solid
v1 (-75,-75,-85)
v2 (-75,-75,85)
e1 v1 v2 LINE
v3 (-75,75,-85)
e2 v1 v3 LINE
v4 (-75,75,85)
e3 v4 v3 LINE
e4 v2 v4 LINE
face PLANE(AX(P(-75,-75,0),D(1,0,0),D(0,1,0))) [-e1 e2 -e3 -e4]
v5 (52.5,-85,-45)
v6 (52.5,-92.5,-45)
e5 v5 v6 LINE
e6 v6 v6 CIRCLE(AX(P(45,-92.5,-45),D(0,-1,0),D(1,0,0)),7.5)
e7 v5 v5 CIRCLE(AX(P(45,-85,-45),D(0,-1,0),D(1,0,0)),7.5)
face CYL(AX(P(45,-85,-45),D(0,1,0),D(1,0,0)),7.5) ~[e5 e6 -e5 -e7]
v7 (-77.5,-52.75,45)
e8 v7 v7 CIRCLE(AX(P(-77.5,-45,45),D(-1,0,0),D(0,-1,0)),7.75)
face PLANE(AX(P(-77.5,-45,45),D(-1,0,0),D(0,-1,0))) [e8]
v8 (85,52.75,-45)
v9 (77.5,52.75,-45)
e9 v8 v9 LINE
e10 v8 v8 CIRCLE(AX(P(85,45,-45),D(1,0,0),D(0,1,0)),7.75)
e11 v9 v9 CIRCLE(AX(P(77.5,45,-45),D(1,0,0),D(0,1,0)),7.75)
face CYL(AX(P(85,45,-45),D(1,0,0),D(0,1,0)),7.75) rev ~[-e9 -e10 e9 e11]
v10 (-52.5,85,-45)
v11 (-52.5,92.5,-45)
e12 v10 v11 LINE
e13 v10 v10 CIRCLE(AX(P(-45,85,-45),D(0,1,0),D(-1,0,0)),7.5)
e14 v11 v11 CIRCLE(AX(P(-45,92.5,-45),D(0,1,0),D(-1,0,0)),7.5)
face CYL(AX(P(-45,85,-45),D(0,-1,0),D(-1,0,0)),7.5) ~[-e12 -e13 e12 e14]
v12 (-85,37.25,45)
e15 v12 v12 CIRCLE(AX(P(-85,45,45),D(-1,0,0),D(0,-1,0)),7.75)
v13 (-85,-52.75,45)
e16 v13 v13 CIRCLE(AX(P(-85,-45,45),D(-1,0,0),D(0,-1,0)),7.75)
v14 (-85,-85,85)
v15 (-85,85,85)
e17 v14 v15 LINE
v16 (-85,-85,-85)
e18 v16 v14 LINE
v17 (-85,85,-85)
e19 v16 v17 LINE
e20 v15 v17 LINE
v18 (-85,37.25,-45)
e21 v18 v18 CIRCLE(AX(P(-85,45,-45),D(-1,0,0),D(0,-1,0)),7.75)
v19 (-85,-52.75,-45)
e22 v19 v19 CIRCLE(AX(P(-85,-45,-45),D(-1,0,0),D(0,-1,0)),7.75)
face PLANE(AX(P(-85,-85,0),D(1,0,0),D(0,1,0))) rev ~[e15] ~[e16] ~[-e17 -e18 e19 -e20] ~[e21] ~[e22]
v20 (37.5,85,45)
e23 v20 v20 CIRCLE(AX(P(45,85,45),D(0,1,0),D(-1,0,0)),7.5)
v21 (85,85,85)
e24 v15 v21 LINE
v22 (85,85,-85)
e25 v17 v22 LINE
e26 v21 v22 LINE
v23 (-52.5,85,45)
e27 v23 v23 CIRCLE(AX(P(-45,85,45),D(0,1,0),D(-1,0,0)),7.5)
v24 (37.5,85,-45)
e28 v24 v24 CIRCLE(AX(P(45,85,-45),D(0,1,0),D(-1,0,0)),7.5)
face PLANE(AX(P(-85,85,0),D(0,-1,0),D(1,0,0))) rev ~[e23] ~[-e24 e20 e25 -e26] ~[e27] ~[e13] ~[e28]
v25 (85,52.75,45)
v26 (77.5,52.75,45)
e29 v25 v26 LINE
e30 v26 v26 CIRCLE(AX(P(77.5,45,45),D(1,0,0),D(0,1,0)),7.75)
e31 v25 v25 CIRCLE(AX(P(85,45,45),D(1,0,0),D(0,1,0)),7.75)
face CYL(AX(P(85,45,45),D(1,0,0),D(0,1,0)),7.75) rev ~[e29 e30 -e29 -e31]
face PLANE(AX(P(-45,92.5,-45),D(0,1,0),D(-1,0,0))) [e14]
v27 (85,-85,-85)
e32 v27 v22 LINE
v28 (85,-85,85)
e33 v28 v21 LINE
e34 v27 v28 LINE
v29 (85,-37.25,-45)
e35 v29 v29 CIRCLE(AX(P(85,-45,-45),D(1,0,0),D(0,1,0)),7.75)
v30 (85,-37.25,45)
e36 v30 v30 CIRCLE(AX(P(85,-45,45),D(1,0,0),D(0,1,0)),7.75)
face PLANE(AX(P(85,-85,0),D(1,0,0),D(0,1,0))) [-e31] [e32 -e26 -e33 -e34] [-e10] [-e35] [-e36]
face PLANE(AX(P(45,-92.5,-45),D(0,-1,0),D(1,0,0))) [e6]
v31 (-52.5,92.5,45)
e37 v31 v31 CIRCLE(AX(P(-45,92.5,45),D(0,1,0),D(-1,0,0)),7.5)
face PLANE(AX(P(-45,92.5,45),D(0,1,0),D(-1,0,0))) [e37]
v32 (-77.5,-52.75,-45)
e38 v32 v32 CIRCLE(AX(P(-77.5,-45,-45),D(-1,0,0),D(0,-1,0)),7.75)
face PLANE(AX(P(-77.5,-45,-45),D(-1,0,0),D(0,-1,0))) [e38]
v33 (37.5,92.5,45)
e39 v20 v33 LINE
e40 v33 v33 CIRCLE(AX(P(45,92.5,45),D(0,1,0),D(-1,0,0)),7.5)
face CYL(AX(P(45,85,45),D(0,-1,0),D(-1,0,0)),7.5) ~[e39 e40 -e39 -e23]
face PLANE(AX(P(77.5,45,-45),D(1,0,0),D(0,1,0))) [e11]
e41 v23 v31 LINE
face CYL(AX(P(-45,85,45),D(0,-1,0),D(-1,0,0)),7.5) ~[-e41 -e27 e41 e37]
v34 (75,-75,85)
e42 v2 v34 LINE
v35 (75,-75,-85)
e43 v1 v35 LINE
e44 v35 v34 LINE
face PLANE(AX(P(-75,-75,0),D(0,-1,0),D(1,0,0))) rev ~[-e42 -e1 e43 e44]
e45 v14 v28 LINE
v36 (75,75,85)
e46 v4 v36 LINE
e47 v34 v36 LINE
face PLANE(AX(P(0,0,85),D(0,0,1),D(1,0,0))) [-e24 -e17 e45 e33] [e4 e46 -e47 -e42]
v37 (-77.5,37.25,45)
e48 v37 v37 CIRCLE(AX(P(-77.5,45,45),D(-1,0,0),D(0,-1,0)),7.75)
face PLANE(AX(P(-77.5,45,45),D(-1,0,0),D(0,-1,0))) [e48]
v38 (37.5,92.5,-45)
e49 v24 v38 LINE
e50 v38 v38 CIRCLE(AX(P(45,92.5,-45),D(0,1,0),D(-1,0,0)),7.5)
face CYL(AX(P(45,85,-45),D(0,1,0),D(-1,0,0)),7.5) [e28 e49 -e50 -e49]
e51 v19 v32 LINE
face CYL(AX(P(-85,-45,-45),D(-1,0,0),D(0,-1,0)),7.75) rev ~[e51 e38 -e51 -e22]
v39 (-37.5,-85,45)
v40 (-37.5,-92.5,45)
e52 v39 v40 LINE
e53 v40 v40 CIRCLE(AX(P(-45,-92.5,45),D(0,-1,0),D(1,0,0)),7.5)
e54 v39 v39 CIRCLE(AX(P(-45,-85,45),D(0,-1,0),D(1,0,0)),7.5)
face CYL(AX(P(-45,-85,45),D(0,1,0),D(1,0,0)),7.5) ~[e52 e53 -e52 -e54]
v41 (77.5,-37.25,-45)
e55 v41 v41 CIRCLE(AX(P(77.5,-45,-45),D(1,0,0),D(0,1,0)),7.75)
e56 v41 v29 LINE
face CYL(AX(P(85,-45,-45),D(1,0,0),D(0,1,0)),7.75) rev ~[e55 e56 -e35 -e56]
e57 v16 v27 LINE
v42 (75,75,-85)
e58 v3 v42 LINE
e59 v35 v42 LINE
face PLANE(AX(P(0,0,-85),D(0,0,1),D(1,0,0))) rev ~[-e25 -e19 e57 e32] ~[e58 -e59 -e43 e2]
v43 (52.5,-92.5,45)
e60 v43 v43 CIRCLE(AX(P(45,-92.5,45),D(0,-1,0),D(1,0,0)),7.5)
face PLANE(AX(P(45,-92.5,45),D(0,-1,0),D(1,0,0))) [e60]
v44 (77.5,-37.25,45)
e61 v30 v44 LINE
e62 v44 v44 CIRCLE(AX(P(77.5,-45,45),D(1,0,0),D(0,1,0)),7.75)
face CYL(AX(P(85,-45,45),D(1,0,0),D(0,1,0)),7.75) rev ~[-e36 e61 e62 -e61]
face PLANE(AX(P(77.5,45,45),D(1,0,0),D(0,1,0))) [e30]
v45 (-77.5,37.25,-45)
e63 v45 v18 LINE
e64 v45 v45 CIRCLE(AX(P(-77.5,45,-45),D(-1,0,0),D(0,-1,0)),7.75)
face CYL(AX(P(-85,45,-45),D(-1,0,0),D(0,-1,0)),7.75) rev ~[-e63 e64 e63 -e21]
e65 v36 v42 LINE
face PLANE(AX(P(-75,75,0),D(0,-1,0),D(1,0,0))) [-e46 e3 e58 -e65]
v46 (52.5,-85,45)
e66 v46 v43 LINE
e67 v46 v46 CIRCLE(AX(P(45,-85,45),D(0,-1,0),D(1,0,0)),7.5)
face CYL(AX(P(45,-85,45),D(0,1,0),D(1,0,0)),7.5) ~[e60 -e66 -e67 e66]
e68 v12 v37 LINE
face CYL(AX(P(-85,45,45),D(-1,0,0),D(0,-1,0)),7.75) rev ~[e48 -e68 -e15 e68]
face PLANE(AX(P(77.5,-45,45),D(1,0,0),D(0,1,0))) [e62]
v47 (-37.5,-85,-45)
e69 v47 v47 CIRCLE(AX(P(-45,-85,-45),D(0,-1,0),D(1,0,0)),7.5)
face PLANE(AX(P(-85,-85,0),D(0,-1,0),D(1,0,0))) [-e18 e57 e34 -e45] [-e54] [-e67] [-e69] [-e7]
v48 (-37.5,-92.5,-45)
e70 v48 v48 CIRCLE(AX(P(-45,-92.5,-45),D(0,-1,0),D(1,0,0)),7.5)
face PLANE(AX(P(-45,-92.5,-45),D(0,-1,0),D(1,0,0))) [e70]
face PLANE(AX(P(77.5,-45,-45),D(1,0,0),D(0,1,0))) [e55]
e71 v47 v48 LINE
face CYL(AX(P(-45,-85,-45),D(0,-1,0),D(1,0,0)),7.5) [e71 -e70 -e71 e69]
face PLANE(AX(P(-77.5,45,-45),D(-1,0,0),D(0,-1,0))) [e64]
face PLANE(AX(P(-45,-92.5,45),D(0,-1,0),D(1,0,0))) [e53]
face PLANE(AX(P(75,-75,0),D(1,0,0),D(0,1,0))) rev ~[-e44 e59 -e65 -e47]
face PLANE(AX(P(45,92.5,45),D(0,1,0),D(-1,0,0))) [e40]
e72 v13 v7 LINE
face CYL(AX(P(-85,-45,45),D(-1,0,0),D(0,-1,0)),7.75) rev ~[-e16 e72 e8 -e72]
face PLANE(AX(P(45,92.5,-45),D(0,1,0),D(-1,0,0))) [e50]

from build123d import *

# Parameters (mm, degrees)
F0_W      = 170
F0_H      = 170
F1_DEPTH  = 85
F2_W      = 150
F2_H      = 150
F3_DEPTH  = 85
F7_R      = 7.5
F8_DEPTH  = 7.5
F6_R      = 7.5
F9_DEPTH  = 7.5
F5_R      = 7.75
F10_DEPTH = 7.5
F4_R      = 7.75
F11_DEPTH = 7.5


with BuildPart() as f1:
    # F0 (on Top) → F1 (new body, symmetric)
    with BuildSketch(Plane.XY):
        Rectangle(F0_W, F0_H)
    extrude(amount=F1_DEPTH, both=True)

    # F2 (on Top) → F3 (cut, symmetric)
    with BuildSketch(Plane.XY):
        Rectangle(F2_W, F2_H)
    extrude(amount=F3_DEPTH, both=True, mode=Mode.SUBTRACT)

    # F7 (on face) → F8 (join, symmetric)
    with BuildSketch(Plane.XZ.offset(85)):
        with Locations((-45, 45)):
            Circle(F7_R)
        with Locations((45, 45)):
            Circle(F7_R)
        with Locations((45, -45)):
            Circle(F7_R)
        with Locations((-45, -45)):
            Circle(F7_R)
    extrude(amount=F8_DEPTH, both=True)

    # F6 (on face) → F9 (join, symmetric)
    with BuildSketch(Plane(origin=(0, 85, 0), x_dir=(-1, 0, 0), z_dir=(0, 1, 0))):
        with Locations((45, -45)):
            Circle(F6_R)
        with Locations((45, 45)):
            Circle(F6_R)
        with Locations((-45, 45)):
            Circle(F6_R)
        with Locations((-45, -45)):
            Circle(F6_R)
    extrude(amount=F9_DEPTH, both=True)

    # F5 (on face) → F10 (cut, symmetric)
    with BuildSketch(Plane(origin=(-85, 0, 0), x_dir=(0, -1, 0), z_dir=(-1, 0, 0))):
        with Locations((-45, 45)):
            Circle(F5_R)
        with Locations((45, 45)):
            Circle(F5_R)
        with Locations((45, -45)):
            Circle(F5_R)
        with Locations((-45, -45)):
            Circle(F5_R)
    extrude(amount=F10_DEPTH, both=True, mode=Mode.SUBTRACT)

    # F4 (on face) → F11 (cut, symmetric)
    with BuildSketch(Plane.YZ.offset(85)):
        with Locations((-45, 45)):
            Circle(F4_R)
        with Locations((45, 45)):
            Circle(F4_R)
        with Locations((45, -45)):
            Circle(F4_R)
        with Locations((-45, -45)):
            Circle(F4_R)
    extrude(amount=F11_DEPTH, both=True, mode=Mode.SUBTRACT)


solid = f1.part
